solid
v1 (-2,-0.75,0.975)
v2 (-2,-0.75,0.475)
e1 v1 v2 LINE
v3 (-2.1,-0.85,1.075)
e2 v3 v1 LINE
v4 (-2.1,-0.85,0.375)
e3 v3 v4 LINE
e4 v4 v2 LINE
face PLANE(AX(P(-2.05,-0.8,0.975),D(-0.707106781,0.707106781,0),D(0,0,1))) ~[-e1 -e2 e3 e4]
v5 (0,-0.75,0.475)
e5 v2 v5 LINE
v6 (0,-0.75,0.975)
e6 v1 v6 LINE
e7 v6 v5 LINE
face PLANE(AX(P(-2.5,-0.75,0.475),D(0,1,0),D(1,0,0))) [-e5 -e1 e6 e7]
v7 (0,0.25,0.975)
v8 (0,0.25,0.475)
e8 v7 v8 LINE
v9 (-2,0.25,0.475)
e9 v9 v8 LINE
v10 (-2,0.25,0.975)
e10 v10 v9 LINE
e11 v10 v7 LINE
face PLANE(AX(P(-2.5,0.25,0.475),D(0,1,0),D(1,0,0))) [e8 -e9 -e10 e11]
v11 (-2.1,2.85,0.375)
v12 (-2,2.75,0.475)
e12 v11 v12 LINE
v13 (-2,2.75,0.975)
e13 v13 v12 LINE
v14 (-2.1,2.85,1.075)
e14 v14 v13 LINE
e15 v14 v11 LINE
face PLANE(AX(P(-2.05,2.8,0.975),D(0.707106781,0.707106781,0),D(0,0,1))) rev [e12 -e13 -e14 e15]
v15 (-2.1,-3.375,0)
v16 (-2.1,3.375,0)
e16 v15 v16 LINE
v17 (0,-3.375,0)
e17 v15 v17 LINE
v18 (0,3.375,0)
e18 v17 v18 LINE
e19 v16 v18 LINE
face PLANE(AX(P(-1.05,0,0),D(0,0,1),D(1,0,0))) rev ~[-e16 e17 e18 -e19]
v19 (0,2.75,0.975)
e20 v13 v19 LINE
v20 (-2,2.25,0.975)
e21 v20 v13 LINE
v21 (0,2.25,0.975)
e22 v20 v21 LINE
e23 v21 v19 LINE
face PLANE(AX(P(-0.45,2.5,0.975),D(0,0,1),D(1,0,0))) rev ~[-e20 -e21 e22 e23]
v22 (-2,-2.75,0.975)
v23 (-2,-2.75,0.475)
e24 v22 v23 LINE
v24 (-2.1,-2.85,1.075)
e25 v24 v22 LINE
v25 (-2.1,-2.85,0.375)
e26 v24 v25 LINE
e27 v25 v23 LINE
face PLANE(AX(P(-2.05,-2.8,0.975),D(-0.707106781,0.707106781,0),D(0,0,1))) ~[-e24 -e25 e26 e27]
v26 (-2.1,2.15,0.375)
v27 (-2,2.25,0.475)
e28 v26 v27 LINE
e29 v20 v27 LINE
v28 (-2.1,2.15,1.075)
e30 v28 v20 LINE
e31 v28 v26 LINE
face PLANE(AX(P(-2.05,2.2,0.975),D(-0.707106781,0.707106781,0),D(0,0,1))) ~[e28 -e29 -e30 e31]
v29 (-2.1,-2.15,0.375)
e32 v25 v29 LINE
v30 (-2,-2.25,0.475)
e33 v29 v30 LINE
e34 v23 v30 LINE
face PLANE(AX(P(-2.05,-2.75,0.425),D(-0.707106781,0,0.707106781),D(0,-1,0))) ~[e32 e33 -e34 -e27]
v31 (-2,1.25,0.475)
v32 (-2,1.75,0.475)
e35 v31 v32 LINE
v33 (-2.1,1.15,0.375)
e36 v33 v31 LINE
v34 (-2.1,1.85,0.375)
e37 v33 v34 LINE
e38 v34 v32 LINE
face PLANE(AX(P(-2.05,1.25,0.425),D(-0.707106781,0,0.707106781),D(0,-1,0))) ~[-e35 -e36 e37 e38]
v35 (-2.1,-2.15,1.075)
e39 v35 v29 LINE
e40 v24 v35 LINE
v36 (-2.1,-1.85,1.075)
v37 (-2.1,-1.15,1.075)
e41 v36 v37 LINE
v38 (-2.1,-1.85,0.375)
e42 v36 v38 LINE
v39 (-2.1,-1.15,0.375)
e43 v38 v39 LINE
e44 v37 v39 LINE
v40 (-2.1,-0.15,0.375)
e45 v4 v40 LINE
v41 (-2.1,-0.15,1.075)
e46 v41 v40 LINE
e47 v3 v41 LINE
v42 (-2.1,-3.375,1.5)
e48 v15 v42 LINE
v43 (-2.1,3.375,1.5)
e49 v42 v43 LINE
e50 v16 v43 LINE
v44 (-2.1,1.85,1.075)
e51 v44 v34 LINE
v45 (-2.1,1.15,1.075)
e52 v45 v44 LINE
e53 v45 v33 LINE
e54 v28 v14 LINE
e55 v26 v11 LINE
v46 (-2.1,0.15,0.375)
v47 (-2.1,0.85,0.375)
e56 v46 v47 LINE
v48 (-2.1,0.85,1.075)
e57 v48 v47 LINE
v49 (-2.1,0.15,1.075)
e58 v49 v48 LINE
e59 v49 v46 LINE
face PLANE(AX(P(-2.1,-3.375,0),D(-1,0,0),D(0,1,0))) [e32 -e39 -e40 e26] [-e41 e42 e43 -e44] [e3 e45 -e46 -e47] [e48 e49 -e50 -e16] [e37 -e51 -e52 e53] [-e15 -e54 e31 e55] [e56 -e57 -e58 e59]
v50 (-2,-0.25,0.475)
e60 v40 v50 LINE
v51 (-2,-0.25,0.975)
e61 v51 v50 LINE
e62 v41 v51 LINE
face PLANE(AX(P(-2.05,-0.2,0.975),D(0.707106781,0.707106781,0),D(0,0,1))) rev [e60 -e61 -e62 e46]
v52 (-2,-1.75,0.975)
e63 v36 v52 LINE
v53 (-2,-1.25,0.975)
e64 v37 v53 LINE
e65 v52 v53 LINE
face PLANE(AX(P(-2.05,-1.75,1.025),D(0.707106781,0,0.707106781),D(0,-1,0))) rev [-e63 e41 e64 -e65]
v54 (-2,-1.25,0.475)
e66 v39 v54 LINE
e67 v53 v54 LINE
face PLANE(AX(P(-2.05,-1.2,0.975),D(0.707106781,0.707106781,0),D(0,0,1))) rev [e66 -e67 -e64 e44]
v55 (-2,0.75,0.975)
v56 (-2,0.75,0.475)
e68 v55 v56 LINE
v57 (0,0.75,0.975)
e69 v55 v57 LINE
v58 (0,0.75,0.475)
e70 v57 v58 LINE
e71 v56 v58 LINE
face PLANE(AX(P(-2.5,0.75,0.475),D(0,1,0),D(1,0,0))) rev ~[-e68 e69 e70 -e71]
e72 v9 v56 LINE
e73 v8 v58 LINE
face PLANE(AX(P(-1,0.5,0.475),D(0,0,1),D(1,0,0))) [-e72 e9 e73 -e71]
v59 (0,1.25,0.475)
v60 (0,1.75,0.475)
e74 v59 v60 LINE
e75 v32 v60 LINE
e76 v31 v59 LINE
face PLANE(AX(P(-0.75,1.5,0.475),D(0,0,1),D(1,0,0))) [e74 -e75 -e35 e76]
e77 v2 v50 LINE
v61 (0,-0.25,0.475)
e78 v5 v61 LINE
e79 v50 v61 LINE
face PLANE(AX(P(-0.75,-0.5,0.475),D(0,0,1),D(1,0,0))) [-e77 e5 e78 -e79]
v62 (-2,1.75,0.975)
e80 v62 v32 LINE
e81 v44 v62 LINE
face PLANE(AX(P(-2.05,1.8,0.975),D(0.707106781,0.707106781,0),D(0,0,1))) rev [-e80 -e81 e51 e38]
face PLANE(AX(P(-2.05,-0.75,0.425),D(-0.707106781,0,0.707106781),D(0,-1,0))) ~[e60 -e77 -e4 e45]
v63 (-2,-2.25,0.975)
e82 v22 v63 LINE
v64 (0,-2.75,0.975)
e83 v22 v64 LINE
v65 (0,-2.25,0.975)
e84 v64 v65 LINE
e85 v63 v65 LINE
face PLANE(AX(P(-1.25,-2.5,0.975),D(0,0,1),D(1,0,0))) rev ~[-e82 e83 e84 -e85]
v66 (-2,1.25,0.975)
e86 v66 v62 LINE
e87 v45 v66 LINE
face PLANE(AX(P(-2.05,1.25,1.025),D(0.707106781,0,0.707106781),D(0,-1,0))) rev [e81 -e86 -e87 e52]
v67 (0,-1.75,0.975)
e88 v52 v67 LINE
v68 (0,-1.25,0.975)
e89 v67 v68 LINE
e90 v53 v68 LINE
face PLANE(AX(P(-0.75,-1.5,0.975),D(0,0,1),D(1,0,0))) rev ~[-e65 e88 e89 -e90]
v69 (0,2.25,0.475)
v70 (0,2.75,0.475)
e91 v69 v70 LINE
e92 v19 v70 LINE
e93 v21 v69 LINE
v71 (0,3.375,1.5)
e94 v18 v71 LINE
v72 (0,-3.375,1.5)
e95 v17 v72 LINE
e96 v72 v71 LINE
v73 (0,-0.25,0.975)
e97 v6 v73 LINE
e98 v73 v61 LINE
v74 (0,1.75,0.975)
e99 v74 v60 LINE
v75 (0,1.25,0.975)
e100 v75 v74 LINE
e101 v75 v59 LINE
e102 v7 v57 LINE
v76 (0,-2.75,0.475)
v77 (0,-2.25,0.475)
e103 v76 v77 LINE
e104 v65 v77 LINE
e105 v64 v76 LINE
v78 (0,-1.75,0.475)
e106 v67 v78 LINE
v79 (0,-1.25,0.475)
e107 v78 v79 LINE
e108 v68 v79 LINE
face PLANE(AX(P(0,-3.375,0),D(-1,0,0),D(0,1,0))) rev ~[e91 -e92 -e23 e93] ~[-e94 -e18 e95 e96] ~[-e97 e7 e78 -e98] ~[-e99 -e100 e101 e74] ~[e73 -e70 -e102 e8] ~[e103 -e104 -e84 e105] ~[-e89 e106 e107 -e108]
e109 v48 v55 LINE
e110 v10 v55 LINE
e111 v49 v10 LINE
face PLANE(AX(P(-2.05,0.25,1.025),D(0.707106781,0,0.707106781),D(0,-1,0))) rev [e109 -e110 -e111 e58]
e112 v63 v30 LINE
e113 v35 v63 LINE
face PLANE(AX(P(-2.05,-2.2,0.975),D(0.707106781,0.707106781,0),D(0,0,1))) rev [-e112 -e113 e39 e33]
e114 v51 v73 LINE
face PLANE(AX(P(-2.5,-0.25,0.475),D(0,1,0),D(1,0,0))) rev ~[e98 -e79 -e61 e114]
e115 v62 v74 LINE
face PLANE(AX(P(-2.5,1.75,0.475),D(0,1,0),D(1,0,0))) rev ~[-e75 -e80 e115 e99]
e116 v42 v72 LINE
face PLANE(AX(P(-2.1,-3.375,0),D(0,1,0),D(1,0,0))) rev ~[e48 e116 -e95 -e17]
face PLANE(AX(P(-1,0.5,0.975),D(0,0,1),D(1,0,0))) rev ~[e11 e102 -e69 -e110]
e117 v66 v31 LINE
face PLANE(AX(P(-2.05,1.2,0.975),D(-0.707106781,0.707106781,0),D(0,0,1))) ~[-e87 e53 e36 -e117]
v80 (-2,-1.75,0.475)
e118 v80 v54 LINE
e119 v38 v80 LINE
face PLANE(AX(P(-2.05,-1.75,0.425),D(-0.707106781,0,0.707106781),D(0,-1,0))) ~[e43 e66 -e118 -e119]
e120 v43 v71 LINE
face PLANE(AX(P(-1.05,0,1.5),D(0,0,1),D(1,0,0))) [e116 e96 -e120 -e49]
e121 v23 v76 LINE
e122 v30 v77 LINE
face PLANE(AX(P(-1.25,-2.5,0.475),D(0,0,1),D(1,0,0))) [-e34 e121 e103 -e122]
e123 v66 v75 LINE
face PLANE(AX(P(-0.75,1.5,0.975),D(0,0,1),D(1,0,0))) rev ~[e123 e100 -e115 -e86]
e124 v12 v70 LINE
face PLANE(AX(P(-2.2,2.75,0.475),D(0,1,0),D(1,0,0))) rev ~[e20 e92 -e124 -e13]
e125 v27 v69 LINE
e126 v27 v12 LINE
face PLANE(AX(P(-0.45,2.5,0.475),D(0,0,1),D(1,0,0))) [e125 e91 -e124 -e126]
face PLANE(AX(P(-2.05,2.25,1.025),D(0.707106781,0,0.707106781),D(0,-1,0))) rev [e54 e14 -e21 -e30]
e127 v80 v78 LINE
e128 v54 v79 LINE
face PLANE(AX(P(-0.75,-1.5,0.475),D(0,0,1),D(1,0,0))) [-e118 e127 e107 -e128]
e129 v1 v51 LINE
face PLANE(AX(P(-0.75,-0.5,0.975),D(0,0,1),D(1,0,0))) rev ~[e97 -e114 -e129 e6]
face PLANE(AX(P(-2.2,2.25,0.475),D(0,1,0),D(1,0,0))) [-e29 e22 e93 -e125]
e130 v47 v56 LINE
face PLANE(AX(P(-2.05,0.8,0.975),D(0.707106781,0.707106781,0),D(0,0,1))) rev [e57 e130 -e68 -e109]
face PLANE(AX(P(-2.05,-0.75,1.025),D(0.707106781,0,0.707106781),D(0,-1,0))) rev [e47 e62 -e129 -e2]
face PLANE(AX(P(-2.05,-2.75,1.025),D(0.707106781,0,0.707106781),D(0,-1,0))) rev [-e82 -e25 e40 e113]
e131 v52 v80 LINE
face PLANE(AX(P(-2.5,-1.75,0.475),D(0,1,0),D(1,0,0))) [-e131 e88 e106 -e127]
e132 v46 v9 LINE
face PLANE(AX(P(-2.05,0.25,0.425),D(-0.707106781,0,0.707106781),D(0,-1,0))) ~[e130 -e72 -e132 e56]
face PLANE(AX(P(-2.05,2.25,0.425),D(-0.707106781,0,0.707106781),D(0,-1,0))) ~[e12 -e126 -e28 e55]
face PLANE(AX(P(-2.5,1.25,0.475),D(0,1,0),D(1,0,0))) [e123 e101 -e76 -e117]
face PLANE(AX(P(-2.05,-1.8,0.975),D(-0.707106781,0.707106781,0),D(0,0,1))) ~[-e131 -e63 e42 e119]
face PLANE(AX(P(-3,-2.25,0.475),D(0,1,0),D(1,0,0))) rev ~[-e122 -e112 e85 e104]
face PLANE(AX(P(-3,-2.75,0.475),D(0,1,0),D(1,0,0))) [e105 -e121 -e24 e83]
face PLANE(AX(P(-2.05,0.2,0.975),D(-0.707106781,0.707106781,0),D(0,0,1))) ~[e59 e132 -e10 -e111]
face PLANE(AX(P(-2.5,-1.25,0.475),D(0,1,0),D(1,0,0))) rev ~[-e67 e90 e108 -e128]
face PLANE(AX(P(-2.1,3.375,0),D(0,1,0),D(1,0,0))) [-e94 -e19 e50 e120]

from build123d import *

# Parameters (mm, degrees)
BOX121_W        = 2.1
BOX121_H        = 6.75
BOX121_DEPTH    = 1.5
BOX122_W        = 3.5
BOX122_H        = 0.5
BOX122_DEPTH    = 0.5
BOX123_W        = 3.5
BOX123_H        = 0.5
BOX123_DEPTH    = 0.5
BOX124_W        = 3
BOX124_H        = 0.5
BOX124_DEPTH    = 0.5
BOX125_W        = 3.5
BOX125_H        = 0.5
BOX125_DEPTH    = 0.5
BOX126_W        = 3.5
BOX126_H        = 0.5
BOX126_DEPTH    = 0.5
BOX175_W        = 3.5
BOX175_H        = 0.5
BOX175_DEPTH    = 0.5
CHAMFER062_SIZE = 0.1


with BuildPart() as part:
    # Box121 → Box121 (join)
    with BuildSketch(Plane(origin=(-2.1, -1.375, 0), x_dir=(1, 0, 0), z_dir=(0, 0, 1))):
        with Locations((1.05, 3.375)):
            Rectangle(BOX121_W, BOX121_H)
    extrude(amount=BOX121_DEPTH)

    # Box122 → Box122 (cut)
    with BuildSketch(Plane(origin=(-2.2, 4.25, 0.475), x_dir=(1, 0, 0), z_dir=(0, 0, 1))):
        with Locations((1.75, 0.25)):
            Rectangle(BOX122_W, BOX122_H)
    extrude(amount=BOX122_DEPTH, mode=Mode.SUBTRACT)

    # Box123 → Box123 (cut)
    with BuildSketch(Plane(origin=(-2.5, 3.25, 0.475), x_dir=(1, 0, 0), z_dir=(0, 0, 1))):
        with Locations((1.75, 0.25)):
            Rectangle(BOX123_W, BOX123_H)
    extrude(amount=BOX123_DEPTH, mode=Mode.SUBTRACT)

    # Box124 → Box124 (cut)
    with BuildSketch(Plane(origin=(-2.5, 2.25, 0.475), x_dir=(1, 0, 0), z_dir=(0, 0, 1))):
        with Locations((1.5, 0.25)):
            Rectangle(BOX124_W, BOX124_H)
    extrude(amount=BOX124_DEPTH, mode=Mode.SUBTRACT)

    # Box125 → Box125 (cut)
    with BuildSketch(Plane(origin=(-2.5, 1.25, 0.475), x_dir=(1, 0, 0), z_dir=(0, 0, 1))):
        with Locations((1.75, 0.25)):
            Rectangle(BOX125_W, BOX125_H)
    extrude(amount=BOX125_DEPTH, mode=Mode.SUBTRACT)

    # Box126 → Box126 (cut)
    with BuildSketch(Plane(origin=(-2.5, 0.25, 0.475), x_dir=(1, 0, 0), z_dir=(0, 0, 1))):
        with Locations((1.75, 0.25)):
            Rectangle(BOX126_W, BOX126_H)
    extrude(amount=BOX126_DEPTH, mode=Mode.SUBTRACT)

    # Box175 → Box175 (cut)
    with BuildSketch(Plane(origin=(-3, -0.75, 0.475), x_dir=(1, 0, 0), z_dir=(0, 0, 1))):
        with Locations((1.75, 0.25)):
            Rectangle(BOX175_W, BOX175_H)
    extrude(amount=BOX175_DEPTH, mode=Mode.SUBTRACT)

    # Chamfer062
    chamfer062_edges = [part.edges().sort_by_distance(p)[0] for p in [
        (-2.1, 4.5, 0.975),
        (-2.1, 4.75, 0.725),
        (-2.1, 4.5, 0.475),
        (-2.1, 4.25, 0.725),
        (-2.1, 3.75, 0.725),
        (-2.1, 3.5, 0.975),
        (-2.1, 3.25, 0.725),
        (-2.1, 3.5, 0.475),
        (-2.1, 2.75, 0.725),
        (-2.1, 2.5, 0.975),
        (-2.1, 2.5, 0.475),
        (-2.1, 2.25, 0.725),
        (-2.1, 1.75, 0.725),
        (-2.1, 1.5, 0.975),
        (-2.1, 1.5, 0.475),
        (-2.1, 1.25, 0.725),
        (-2.1, 0.75, 0.725),
        (-2.1, 0.5, 0.975),
        (-2.1, 0.5, 0.475),
        (-2.1, 0.25, 0.725),
        (-2.1, -0.25, 0.725),
        (-2.1, -0.5, 0.975),
        (-2.1, -0.5, 0.475),
        (-2.1, -0.75, 0.725),
    ]]
    chamfer(chamfer062_edges, length=CHAMFER062_SIZE)


with BuildPart() as part_1:
    # Body042 placement: moved
    add(part.part.moved(Location((0, -2, 0))))


solid = part_1.part
